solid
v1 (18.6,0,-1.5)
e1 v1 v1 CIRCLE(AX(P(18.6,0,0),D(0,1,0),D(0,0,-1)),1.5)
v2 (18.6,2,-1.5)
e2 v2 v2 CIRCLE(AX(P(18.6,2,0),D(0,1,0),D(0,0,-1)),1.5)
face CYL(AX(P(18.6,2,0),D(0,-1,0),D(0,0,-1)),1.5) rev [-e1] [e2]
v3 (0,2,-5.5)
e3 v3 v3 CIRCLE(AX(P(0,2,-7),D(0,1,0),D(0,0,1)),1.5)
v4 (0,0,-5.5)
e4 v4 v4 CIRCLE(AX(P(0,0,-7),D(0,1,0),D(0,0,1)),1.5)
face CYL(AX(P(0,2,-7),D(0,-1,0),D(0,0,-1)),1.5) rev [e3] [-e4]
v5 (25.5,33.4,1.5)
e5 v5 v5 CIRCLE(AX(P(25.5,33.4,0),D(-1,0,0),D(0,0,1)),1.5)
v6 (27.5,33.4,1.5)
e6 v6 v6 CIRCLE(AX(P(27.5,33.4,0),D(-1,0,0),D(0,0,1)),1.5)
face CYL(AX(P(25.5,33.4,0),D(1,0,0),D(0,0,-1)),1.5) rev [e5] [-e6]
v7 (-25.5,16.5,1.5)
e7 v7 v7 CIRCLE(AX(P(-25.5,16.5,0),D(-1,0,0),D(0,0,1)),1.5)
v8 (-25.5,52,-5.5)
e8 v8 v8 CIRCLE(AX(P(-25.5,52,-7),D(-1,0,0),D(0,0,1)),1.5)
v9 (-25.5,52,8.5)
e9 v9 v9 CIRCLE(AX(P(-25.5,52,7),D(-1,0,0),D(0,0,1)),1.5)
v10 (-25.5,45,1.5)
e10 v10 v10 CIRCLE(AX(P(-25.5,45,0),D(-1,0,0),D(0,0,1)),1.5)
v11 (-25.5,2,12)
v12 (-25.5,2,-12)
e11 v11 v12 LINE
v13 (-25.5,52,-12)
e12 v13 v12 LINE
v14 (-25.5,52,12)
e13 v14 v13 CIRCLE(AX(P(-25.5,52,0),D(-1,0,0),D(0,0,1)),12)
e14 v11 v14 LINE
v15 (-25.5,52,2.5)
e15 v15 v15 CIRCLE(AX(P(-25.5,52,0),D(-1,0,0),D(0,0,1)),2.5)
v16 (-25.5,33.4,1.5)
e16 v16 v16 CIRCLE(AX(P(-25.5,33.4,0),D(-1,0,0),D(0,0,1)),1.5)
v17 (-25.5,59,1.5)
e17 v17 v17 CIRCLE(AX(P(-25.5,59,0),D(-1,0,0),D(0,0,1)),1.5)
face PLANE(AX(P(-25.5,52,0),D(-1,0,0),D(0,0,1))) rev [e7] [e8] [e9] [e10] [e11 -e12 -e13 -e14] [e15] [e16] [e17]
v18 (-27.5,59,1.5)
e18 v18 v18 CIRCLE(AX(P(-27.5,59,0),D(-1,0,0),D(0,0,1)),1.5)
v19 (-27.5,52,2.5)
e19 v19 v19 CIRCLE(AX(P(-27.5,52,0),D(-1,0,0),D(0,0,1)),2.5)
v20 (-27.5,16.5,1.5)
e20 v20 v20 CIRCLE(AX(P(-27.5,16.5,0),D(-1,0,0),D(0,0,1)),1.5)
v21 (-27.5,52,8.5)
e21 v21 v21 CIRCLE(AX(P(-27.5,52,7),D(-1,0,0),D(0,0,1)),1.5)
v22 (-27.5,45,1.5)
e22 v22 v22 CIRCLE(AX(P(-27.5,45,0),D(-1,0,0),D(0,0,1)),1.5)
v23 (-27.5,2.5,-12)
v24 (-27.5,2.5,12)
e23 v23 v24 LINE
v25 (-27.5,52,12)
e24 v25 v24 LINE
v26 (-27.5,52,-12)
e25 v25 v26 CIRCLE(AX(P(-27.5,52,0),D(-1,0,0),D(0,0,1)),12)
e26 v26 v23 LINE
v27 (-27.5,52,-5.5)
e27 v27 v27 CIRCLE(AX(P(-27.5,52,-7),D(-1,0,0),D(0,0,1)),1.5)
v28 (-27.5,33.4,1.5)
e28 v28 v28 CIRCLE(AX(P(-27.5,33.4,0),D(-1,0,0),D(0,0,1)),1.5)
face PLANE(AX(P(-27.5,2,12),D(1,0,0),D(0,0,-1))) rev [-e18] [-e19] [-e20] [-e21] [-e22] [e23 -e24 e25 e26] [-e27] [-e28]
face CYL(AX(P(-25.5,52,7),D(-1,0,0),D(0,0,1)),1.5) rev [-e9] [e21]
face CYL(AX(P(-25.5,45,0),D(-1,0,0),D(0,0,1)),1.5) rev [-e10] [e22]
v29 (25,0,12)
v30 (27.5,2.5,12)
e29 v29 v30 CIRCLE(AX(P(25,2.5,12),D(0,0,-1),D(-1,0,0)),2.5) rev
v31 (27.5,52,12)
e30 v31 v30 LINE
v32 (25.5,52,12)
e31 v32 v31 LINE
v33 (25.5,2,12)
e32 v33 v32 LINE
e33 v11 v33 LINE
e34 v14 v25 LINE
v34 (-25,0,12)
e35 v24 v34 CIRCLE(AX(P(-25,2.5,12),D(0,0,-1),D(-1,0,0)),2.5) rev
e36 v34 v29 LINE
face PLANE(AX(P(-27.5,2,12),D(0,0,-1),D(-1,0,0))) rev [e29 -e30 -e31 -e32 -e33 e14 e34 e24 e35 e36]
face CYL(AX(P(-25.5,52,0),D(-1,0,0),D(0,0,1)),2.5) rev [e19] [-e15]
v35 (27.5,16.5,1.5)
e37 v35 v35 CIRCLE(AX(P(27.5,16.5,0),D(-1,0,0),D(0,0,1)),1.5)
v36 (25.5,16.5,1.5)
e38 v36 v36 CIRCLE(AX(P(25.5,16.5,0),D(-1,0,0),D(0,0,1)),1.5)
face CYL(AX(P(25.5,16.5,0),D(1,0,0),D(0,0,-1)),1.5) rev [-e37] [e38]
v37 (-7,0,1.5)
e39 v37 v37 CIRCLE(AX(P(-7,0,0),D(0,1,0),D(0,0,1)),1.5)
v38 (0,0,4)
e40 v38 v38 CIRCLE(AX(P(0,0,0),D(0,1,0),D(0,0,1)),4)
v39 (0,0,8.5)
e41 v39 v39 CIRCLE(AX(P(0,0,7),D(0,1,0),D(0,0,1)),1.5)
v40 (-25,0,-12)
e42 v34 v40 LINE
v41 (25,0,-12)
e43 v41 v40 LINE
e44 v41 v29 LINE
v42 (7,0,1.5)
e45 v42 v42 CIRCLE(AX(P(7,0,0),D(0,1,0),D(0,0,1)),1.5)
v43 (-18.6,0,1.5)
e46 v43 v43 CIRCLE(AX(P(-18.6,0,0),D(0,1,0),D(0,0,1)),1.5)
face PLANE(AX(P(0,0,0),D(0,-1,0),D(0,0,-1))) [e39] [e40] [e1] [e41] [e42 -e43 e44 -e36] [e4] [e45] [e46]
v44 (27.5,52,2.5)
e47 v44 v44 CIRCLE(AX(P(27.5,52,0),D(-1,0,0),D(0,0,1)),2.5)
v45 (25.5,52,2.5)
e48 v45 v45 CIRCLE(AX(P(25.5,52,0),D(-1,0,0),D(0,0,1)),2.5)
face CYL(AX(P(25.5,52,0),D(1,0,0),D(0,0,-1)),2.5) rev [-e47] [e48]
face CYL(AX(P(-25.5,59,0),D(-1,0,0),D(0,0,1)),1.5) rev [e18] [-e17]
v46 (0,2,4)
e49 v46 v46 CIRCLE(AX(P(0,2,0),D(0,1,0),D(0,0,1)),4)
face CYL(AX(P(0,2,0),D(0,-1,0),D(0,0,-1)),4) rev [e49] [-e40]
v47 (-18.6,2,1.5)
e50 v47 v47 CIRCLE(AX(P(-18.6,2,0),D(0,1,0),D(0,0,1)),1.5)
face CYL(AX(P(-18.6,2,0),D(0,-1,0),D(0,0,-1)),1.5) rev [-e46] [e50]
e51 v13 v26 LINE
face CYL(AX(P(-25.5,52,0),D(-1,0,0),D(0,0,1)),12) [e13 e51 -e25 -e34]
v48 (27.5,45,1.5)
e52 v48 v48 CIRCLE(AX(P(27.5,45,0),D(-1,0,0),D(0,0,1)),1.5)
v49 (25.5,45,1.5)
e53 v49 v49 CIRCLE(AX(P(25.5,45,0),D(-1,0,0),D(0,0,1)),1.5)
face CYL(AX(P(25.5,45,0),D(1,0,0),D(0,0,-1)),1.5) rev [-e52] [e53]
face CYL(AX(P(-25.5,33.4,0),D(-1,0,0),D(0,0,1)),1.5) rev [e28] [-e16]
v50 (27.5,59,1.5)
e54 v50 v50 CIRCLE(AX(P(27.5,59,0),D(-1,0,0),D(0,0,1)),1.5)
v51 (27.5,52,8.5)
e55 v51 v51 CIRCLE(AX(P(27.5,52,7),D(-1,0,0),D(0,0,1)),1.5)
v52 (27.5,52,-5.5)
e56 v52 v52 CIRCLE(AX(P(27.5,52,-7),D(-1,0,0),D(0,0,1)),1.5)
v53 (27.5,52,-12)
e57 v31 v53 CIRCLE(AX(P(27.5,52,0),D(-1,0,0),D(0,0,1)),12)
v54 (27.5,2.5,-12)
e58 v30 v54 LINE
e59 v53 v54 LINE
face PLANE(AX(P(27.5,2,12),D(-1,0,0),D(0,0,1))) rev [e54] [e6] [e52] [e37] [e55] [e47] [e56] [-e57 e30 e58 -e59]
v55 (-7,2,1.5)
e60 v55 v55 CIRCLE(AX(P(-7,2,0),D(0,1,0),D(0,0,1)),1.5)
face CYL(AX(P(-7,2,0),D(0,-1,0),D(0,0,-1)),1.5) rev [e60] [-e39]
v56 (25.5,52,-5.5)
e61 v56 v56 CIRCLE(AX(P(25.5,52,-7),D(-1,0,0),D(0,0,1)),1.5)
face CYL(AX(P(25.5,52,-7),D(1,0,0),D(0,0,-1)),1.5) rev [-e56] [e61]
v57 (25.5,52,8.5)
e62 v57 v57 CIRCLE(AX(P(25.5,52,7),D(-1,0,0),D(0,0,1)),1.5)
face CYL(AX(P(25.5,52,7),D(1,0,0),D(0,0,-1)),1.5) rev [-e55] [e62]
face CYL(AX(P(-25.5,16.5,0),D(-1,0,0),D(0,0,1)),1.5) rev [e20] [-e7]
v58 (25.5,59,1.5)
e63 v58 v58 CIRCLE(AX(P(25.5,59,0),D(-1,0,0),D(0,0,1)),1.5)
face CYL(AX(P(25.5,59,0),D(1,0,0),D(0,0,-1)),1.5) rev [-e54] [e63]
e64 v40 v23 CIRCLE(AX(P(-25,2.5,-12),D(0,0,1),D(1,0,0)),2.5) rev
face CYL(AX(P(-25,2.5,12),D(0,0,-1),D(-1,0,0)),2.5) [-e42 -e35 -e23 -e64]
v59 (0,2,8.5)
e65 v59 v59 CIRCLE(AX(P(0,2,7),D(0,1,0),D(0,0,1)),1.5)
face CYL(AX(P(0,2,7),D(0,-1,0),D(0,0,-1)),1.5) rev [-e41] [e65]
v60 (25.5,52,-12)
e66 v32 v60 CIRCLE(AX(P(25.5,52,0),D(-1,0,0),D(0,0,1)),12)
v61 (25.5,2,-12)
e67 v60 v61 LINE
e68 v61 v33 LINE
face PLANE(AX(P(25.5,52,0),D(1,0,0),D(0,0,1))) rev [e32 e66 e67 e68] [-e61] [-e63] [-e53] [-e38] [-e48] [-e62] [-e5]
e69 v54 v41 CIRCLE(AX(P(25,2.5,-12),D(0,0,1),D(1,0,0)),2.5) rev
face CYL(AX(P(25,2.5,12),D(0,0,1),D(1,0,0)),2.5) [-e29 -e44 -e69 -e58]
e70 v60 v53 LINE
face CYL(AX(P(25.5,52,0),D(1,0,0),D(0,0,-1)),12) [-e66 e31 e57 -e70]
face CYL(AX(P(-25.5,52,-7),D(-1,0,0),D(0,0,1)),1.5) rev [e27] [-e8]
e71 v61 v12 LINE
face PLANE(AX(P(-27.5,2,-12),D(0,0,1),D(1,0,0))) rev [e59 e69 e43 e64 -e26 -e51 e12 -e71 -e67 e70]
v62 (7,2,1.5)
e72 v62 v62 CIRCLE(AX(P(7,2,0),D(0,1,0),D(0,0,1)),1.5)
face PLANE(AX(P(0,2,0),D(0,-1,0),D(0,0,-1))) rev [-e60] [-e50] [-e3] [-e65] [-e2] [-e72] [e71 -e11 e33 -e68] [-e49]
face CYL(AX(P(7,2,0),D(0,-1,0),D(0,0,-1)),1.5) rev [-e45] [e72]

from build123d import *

# Parameters (mm, degrees)
SKETCH2_W           = 55
SKETCH2_H           = 24
SKETCH2_R           = 4
SKETCH2_R_2         = 1.5
BOSS_EXTRUDE1_DEPTH = 2
SKETCH5_R           = 2.5
SKETCH5_R_2         = 1.5
BOSS_EXTRUDE2_DEPTH = 2
FILLET1_R           = 2.5


with BuildPart() as part:
    # Sketch2 → Boss-Extrude1 (new body)
    with BuildSketch(Plane(origin=(0, 0, 0), x_dir=(1, 0, 0), z_dir=(0, 1, 0))):
        Rectangle(SKETCH2_W, SKETCH2_H)
        Circle(SKETCH2_R, mode=Mode.SUBTRACT)
        with Locations((0, 7)):
            Circle(SKETCH2_R_2, mode=Mode.SUBTRACT)
        with Locations((7, 0)):
            Circle(SKETCH2_R_2, mode=Mode.SUBTRACT)
        with Locations((0, -7)):
            Circle(SKETCH2_R_2, mode=Mode.SUBTRACT)
        with Locations((-7, 0)):
            Circle(SKETCH2_R_2, mode=Mode.SUBTRACT)
        with Locations((-18.6, 0)):
            Circle(SKETCH2_R_2, mode=Mode.SUBTRACT)
        with Locations((18.6, 0)):
            Circle(SKETCH2_R_2, mode=Mode.SUBTRACT)
    extrude(amount=BOSS_EXTRUDE1_DEPTH)

    # Sketch5 → Boss-Extrude2 (add)
    with BuildSketch(Plane.ZY.offset(27.5)):
        with BuildLine():
            Line((12, 0), (12, 52))
            ThreePointArc((12, 52), (0, 64), (-12, 52))
            Line((-12, 52), (-12, 0))
            Line((-12, 0), (12, 0))
        make_face()
        with Locations((0, 52)):
            Circle(SKETCH5_R, mode=Mode.SUBTRACT)
        with Locations((0, 59)):
            Circle(SKETCH5_R_2, mode=Mode.SUBTRACT)
        with Locations((7, 52)):
            Circle(SKETCH5_R_2, mode=Mode.SUBTRACT)
        with Locations((0, 45)):
            Circle(SKETCH5_R_2, mode=Mode.SUBTRACT)
        with Locations((-7, 52)):
            Circle(SKETCH5_R_2, mode=Mode.SUBTRACT)
        with Locations((0, 33.4)):
            Circle(SKETCH5_R_2, mode=Mode.SUBTRACT)
        with Locations((0, 16.5)):
            Circle(SKETCH5_R_2, mode=Mode.SUBTRACT)
    boss_extrude2 = extrude(amount=-BOSS_EXTRUDE2_DEPTH)

    # Mirror1: Boss-Extrude2 across plane
    add(boss_extrude2.mirror(Plane(origin=(0, 0, 0), x_dir=(0, 0, 1), z_dir=(1, 0, 0))))

    # Fillet1
    fillet1_edges = [part.edges().sort_by_distance(p)[0] for p in [
        (-27.5, 0, 0),
        (27.5, 0, 0),
    ]]
    fillet(fillet1_edges, radius=FILLET1_R)


solid = part.part
